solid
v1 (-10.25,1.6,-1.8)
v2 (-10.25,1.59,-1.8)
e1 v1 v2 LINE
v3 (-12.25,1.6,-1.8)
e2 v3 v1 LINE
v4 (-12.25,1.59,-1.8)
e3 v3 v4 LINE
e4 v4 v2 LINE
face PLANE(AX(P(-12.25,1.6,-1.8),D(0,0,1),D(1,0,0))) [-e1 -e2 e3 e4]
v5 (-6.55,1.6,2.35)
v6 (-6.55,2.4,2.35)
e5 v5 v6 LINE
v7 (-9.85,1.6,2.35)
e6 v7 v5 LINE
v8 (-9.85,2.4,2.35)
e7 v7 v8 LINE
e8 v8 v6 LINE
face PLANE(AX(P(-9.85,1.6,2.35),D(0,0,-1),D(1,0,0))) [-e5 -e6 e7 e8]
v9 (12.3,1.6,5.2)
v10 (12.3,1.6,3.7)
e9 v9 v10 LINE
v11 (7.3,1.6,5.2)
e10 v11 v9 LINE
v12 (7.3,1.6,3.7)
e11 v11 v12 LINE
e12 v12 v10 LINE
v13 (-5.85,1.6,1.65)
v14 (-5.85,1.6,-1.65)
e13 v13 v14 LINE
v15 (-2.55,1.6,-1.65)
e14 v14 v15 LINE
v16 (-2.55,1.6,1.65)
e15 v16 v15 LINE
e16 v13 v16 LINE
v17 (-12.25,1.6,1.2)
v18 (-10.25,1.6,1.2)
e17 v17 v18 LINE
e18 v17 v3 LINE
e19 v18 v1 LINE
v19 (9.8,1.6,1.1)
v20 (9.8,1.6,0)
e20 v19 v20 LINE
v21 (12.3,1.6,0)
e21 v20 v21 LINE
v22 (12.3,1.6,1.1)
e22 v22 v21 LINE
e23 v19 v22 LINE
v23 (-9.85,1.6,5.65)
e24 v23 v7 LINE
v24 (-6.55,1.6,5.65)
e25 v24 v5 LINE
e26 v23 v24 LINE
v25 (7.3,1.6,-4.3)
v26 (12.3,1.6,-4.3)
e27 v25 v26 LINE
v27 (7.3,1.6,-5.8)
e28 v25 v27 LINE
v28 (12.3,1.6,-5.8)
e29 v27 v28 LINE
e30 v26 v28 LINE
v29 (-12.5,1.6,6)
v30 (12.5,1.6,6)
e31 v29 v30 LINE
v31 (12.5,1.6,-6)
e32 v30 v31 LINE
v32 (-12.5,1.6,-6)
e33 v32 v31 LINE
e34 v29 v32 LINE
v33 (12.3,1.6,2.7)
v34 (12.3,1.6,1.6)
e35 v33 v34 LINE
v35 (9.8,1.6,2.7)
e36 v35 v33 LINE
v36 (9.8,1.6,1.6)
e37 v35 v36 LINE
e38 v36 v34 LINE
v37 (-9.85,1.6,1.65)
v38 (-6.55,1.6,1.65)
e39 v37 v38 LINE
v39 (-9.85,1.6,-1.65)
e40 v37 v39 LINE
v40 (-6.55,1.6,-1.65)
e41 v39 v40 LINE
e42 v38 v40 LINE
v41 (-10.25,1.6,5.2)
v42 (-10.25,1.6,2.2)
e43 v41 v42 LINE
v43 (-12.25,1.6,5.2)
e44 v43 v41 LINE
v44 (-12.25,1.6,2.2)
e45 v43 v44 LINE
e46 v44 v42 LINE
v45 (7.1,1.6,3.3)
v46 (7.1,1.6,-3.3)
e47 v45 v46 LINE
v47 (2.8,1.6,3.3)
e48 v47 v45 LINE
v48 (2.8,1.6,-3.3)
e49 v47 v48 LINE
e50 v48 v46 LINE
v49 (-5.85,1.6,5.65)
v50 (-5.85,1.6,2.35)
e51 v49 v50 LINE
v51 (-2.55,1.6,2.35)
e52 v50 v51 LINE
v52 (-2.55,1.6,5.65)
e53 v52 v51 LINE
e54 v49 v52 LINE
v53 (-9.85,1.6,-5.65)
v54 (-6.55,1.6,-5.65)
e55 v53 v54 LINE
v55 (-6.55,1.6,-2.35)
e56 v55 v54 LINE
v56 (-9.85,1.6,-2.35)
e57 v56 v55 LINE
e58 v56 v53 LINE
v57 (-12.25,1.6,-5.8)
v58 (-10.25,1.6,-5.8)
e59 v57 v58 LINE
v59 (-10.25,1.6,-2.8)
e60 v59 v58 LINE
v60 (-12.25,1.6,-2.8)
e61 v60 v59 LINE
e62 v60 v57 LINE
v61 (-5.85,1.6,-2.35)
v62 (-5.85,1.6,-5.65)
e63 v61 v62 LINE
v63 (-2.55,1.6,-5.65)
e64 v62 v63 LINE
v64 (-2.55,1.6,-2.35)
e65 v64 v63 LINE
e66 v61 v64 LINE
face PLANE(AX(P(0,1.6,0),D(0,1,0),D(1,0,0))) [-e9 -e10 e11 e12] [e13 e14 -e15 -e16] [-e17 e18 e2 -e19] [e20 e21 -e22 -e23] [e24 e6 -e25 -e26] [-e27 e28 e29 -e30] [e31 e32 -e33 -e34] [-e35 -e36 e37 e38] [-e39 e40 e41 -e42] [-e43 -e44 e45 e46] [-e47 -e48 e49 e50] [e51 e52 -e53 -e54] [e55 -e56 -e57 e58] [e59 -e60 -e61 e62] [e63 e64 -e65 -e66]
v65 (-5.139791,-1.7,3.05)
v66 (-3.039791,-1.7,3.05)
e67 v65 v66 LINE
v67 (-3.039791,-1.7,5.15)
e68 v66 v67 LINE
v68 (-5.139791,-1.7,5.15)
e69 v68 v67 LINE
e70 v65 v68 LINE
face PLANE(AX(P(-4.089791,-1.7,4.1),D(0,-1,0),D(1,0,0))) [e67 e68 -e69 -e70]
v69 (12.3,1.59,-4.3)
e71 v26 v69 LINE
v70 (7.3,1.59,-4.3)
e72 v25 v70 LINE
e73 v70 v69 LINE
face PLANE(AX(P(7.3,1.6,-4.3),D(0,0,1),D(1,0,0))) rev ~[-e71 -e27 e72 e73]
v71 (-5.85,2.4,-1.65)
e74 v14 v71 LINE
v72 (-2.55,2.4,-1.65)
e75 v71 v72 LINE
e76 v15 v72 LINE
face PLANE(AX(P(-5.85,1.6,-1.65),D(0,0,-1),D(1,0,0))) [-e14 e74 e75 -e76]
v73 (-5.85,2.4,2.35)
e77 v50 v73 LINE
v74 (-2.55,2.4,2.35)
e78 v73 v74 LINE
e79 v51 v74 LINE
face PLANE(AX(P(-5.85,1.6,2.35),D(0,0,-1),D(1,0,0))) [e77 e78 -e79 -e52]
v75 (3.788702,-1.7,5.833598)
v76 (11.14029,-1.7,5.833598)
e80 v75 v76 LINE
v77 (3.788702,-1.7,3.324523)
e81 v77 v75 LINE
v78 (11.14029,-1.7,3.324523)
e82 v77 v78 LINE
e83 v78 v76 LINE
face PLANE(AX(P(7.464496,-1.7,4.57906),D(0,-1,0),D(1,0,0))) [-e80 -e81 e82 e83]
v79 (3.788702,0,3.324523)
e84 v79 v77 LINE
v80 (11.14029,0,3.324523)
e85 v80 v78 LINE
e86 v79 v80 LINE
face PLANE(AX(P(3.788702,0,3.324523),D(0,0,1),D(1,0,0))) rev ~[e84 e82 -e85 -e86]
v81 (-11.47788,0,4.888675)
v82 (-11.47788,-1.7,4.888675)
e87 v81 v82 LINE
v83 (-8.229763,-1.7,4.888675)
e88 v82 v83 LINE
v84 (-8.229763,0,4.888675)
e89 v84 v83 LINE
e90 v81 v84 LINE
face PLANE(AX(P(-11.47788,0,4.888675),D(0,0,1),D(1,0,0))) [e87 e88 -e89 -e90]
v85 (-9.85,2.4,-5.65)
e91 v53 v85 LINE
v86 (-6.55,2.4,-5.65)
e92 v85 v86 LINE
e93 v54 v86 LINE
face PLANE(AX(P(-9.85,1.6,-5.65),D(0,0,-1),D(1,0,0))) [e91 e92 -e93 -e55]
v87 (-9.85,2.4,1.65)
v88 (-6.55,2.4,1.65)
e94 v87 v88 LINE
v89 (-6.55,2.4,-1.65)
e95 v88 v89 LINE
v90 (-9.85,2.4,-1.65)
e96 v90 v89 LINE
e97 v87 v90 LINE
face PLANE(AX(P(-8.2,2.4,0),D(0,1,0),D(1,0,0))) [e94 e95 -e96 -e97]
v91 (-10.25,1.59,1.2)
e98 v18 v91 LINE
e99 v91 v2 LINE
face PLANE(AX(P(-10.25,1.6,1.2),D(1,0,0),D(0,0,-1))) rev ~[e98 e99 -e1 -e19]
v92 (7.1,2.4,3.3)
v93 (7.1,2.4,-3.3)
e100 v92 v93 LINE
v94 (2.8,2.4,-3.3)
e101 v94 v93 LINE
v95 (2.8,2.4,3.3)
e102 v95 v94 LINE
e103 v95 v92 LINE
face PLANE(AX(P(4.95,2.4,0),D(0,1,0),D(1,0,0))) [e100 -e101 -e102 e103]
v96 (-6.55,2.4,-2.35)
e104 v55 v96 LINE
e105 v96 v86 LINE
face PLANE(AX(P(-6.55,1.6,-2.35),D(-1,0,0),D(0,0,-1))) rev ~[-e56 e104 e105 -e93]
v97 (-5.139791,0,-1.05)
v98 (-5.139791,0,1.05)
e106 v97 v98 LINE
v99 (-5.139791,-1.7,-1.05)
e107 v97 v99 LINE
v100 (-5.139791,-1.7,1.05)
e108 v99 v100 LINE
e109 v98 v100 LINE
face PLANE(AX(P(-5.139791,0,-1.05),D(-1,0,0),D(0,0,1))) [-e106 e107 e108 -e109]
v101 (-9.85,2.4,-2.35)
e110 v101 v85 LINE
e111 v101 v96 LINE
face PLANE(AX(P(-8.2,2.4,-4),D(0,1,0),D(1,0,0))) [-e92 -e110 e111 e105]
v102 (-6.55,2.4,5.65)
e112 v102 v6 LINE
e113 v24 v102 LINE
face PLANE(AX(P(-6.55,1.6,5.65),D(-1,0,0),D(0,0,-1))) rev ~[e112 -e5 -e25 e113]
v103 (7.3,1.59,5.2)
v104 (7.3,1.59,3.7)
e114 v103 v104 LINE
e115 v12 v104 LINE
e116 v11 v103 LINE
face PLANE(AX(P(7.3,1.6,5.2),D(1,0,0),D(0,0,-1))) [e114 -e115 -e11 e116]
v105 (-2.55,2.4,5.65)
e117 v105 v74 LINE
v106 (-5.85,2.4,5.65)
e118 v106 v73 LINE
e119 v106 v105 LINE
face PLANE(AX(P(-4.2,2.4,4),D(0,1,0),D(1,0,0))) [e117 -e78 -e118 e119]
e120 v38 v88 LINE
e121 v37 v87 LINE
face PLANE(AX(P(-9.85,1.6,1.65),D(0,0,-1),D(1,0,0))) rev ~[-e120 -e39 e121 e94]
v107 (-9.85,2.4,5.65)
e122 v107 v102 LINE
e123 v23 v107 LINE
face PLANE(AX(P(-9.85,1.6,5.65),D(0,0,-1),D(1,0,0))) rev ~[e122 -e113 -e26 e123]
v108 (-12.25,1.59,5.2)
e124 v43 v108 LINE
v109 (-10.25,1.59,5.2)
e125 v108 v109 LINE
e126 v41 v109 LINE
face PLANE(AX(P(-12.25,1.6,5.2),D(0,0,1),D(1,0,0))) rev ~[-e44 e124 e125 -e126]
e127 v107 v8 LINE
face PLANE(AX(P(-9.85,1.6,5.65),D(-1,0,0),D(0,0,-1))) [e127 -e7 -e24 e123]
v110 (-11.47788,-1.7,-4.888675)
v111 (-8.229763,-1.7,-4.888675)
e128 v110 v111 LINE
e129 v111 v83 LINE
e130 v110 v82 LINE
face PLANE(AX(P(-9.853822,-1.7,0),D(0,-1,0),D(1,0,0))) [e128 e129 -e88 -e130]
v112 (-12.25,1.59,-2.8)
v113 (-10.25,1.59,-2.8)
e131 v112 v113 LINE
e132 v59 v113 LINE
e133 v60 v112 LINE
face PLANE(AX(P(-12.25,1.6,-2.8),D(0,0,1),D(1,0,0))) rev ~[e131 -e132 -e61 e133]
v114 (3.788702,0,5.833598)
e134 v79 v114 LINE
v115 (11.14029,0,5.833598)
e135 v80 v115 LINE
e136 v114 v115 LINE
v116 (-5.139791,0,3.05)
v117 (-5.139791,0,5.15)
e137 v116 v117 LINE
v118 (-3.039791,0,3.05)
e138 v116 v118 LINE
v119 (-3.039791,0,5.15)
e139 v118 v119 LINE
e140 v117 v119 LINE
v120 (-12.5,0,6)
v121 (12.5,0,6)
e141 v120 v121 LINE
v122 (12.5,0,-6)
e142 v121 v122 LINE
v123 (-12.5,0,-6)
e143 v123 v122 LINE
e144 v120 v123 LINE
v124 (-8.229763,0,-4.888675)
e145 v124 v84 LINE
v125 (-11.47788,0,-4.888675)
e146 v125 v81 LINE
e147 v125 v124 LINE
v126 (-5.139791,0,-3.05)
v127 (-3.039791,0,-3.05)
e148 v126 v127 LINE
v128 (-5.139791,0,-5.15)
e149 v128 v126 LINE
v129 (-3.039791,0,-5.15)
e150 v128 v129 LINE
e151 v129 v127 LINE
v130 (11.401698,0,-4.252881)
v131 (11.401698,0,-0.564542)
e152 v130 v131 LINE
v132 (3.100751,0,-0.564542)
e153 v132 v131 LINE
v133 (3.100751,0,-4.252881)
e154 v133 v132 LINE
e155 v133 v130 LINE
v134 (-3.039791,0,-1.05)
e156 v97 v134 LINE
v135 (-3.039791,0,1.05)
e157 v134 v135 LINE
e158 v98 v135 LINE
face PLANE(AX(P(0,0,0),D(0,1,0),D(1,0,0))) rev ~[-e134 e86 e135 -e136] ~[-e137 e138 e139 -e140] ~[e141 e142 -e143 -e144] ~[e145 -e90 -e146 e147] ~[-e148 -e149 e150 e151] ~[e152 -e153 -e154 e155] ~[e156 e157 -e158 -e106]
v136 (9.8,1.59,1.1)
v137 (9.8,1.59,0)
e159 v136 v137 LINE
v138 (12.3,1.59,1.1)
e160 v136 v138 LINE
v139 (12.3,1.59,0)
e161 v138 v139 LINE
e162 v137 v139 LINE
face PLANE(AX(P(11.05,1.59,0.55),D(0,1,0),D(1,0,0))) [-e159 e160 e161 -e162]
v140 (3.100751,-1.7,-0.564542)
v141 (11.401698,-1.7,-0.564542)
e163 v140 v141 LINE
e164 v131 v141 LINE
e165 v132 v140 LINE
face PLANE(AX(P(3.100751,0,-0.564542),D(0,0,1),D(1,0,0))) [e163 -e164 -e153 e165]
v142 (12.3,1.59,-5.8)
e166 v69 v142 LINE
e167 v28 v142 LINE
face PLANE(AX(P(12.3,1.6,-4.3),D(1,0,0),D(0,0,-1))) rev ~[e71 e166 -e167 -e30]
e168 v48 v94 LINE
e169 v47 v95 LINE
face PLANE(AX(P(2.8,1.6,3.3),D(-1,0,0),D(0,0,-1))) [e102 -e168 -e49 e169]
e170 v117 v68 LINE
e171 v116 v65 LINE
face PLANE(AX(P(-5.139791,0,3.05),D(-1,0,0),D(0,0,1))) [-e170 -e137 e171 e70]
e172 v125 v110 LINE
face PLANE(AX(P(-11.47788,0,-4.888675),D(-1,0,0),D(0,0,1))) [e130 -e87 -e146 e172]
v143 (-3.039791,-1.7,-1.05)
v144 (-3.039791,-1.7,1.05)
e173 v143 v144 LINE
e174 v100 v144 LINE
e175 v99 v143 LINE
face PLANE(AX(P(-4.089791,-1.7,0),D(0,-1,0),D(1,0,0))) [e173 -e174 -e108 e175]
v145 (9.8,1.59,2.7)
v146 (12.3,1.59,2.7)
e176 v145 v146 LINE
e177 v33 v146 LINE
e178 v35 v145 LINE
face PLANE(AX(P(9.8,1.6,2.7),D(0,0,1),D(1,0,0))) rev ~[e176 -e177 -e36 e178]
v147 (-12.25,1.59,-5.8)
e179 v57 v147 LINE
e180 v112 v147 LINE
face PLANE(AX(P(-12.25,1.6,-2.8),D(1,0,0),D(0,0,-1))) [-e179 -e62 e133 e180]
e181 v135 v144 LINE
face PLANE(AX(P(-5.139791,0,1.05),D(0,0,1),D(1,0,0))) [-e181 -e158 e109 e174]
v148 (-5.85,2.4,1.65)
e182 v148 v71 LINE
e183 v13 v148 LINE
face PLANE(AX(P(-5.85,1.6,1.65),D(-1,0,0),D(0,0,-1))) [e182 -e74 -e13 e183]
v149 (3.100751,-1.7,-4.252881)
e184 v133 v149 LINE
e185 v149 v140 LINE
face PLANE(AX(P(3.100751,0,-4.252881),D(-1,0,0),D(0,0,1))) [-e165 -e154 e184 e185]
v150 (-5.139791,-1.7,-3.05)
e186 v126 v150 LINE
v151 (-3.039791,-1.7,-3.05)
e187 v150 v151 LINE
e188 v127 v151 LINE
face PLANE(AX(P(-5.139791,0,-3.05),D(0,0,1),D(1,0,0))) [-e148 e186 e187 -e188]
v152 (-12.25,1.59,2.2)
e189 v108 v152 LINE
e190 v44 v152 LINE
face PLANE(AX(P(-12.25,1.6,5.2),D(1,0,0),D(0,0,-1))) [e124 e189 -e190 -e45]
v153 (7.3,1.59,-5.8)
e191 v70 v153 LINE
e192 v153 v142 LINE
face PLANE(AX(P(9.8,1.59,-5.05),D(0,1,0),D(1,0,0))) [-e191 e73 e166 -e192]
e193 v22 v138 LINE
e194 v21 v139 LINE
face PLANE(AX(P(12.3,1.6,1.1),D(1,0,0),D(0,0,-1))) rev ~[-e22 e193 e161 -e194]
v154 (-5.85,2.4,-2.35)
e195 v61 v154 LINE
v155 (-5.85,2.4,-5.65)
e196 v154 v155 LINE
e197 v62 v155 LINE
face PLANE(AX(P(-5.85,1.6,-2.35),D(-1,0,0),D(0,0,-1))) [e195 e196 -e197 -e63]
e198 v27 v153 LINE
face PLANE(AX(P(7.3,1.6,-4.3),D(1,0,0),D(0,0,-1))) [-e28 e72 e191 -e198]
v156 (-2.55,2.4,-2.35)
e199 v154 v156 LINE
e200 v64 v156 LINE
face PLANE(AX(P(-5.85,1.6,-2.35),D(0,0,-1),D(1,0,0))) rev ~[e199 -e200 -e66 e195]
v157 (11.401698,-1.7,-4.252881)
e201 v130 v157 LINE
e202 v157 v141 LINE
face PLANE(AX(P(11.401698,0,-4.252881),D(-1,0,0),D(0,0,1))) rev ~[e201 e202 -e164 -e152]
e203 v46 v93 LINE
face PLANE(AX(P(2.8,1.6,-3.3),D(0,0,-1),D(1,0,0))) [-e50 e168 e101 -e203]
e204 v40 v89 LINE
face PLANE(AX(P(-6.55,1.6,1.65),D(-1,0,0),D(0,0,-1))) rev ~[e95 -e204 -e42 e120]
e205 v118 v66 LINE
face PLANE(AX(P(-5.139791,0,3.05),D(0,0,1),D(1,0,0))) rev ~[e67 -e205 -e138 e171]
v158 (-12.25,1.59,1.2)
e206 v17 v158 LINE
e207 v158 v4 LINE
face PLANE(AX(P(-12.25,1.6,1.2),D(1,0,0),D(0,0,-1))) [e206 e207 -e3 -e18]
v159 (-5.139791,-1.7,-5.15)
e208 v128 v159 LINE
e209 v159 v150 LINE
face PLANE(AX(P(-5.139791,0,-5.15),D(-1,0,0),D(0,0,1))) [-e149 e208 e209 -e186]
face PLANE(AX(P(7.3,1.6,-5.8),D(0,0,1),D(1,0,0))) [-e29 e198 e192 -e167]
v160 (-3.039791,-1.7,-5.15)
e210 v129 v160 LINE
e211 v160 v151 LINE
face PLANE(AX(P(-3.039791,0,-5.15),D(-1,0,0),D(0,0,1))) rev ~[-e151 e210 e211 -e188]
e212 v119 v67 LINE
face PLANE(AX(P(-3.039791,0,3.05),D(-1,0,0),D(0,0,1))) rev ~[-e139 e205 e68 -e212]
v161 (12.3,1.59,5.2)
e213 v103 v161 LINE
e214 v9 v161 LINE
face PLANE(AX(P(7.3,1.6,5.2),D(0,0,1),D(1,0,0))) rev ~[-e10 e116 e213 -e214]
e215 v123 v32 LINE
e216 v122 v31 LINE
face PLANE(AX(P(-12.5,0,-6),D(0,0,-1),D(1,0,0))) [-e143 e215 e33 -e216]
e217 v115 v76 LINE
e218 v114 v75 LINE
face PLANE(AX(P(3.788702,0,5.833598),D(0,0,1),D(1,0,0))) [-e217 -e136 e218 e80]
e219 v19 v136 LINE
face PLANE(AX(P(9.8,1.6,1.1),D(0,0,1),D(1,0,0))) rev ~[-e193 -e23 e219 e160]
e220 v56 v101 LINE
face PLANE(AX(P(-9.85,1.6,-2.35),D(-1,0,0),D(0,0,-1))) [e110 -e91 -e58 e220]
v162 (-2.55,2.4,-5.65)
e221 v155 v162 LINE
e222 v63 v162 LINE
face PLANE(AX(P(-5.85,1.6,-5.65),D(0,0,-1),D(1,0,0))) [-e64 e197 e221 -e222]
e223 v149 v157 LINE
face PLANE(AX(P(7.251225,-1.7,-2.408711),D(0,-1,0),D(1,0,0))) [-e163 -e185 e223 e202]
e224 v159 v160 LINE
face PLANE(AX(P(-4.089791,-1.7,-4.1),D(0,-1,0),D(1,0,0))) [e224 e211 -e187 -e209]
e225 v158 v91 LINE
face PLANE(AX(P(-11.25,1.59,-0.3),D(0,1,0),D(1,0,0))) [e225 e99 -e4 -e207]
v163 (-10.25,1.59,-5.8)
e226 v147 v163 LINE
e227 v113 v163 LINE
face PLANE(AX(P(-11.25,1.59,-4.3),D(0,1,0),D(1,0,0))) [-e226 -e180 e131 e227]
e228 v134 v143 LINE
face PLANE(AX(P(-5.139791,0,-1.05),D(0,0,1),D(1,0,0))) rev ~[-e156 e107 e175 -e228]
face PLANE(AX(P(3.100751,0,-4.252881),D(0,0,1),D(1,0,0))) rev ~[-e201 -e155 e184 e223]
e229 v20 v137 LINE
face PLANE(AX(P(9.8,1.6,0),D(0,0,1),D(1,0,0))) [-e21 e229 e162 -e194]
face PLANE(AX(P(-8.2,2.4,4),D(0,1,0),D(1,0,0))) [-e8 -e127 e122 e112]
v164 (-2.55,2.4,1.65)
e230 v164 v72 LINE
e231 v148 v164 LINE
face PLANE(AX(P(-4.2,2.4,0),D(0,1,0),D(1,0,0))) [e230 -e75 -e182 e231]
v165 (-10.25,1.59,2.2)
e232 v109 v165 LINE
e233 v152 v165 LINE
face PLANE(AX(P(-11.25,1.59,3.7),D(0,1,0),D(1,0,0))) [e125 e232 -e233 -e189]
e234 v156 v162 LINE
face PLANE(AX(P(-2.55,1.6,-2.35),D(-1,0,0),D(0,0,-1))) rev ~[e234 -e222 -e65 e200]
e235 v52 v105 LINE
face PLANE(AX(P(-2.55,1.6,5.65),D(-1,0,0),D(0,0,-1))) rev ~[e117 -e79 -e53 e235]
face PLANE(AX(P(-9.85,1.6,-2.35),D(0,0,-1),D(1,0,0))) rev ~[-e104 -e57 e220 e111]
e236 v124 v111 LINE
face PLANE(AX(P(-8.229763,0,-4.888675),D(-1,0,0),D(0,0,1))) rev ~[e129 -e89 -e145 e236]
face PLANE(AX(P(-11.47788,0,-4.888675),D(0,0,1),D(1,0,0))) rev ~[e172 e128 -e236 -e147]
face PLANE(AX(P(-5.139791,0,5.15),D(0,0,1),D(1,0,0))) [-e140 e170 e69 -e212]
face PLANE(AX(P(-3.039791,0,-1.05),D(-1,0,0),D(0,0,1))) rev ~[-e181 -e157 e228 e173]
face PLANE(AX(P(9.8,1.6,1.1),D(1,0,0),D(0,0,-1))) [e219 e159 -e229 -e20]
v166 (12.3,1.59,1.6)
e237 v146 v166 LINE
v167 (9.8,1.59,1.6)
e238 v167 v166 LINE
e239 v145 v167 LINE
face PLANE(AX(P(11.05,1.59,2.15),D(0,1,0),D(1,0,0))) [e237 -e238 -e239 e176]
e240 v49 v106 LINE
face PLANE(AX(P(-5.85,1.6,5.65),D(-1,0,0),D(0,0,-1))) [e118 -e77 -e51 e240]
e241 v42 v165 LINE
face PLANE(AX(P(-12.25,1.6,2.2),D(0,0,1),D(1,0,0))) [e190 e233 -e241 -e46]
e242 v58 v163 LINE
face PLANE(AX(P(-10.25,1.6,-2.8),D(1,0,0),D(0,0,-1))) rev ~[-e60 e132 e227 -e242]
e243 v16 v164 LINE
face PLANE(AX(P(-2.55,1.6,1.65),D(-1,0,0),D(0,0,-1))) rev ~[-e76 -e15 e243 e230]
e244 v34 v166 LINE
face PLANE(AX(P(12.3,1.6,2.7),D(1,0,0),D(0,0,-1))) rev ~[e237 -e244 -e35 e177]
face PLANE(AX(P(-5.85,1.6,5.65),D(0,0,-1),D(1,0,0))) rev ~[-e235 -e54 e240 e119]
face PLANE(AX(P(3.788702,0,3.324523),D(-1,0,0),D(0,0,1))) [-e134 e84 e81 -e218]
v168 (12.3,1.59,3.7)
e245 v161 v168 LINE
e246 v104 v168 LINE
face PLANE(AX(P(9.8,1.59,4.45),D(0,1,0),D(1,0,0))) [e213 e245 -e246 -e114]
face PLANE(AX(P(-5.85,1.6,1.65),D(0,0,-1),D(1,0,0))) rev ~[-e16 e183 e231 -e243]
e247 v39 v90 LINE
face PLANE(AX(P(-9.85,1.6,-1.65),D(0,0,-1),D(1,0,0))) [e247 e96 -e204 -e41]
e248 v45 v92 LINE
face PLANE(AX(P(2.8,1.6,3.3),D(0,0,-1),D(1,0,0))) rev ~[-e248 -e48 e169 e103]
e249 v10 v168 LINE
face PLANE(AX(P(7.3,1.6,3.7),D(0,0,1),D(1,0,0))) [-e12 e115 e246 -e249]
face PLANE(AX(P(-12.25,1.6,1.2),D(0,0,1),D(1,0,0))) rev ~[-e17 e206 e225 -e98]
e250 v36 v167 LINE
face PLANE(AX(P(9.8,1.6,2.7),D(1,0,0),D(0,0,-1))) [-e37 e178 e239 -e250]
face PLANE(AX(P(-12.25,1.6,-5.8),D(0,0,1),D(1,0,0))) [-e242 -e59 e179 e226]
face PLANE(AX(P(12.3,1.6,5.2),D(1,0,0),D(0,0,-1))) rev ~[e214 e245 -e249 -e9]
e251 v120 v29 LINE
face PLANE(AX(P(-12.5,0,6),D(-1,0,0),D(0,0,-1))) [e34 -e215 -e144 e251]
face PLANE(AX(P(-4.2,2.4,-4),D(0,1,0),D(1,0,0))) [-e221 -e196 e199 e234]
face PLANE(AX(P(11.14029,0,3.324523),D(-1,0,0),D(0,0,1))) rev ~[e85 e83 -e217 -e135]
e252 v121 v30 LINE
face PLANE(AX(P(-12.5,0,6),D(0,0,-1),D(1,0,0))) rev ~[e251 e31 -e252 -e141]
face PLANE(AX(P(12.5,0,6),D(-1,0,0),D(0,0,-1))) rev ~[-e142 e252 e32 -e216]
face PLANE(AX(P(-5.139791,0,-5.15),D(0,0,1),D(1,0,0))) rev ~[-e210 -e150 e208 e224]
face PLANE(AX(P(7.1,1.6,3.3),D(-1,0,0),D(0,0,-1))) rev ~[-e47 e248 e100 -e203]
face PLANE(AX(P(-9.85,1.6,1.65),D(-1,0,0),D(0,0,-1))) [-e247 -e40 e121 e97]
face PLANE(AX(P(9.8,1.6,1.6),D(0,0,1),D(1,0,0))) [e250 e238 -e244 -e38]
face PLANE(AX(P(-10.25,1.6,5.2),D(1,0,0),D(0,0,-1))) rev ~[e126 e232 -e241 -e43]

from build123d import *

# Parameters (mm, degrees)
SKETCH1_W           = 25
SKETCH1_H           = 12
BOSS_EXTRUDE1_DEPTH = 1.6
SKETCH2_W           = 3.3
SKETCH2_H           = 3.3
SKETCH2_W_2         = 4.3
SKETCH2_H_2         = 6.6
BOSS_EXTRUDE2_DEPTH = 0.8
SKETCH3_W           = 2
SKETCH3_H           = 3
SKETCH3_W_2         = 5
SKETCH3_H_2         = 1.5
SKETCH3_W_3         = 2.5
SKETCH3_H_3         = 1.1
CUT_EXTRUDE1_DEPTH  = 0.01
SKETCH4_W           = 8.300946921
SKETCH4_H           = 3.688339109
SKETCH4_W_2         = 3.248116331
SKETCH4_H_2         = 9.777349986
SKETCH4_W_3         = 2.1
SKETCH4_H_3         = 2.1
SKETCH4_W_4         = 7.351587475
SKETCH4_H_4         = 2.509074224
BOSS_EXTRUDE3_DEPTH = 1.7


with BuildPart() as part:
    # Sketch1 → Boss-Extrude1 (new body)
    with BuildSketch(Plane(origin=(0, 0, 0), x_dir=(1, 0, 0), z_dir=(0, 1, 0))):
        Rectangle(SKETCH1_W, SKETCH1_H)
    extrude(amount=BOSS_EXTRUDE1_DEPTH)

    # Sketch2 → Boss-Extrude2 (add)
    with BuildSketch(Plane(origin=(0, 1.6, 0), x_dir=(1, 0, 0), z_dir=(0, 1, 0))):
        with Locations((-4.2, 4)):
            Rectangle(SKETCH2_W, SKETCH2_H)
        with Locations((-8.2, -4)):
            Rectangle(SKETCH2_W, SKETCH2_H)
        with Locations((-8.2, 4)):
            Rectangle(SKETCH2_W, SKETCH2_H)
        with Locations((-8.2, 0)):
            Rectangle(SKETCH2_W, SKETCH2_H)
        with Locations((-4.2, 0)):
            Rectangle(SKETCH2_W, SKETCH2_H)
        with Locations((-4.2, -4)):
            Rectangle(SKETCH2_W, SKETCH2_H)
        with Locations((4.95, 0)):
            Rectangle(SKETCH2_W_2, SKETCH2_H_2)
    extrude(amount=BOSS_EXTRUDE2_DEPTH)

    # Sketch3 → Cut-Extrude1 (cut)
    with BuildSketch(Plane(origin=(0, 1.6, 0), x_dir=(1, 0, 0), z_dir=(0, 1, 0))):
        with Locations((-11.25, 4.3)):
            Rectangle(SKETCH3_W, SKETCH3_H)
        with Locations((9.8, -4.45)):
            Rectangle(SKETCH3_W_2, SKETCH3_H_2)
        with Locations((-11.25, 0.3)):
            Rectangle(SKETCH3_W, SKETCH3_H)
        with Locations((-11.25, -3.7)):
            Rectangle(SKETCH3_W, SKETCH3_H)
        with Locations((9.8, 5.05)):
            Rectangle(SKETCH3_W_2, SKETCH3_H_2)
        with Locations((11.05, -2.15)):
            Rectangle(SKETCH3_W_3, SKETCH3_H_3)
        with Locations((11.05, -0.55)):
            Rectangle(SKETCH3_W_3, SKETCH3_H_3)
    extrude(amount=-CUT_EXTRUDE1_DEPTH, mode=Mode.SUBTRACT)

    # Sketch4 → Boss-Extrude3 (add)
    with BuildSketch(Plane.XZ):
        with Locations((7.251224506, -2.408711255)):
            Rectangle(SKETCH4_W, SKETCH4_H)
        with Locations((-9.853821619, 0)):
            Rectangle(SKETCH4_W_2, SKETCH4_H_2)
        with Locations((-4.089790985, 4.1)):
            Rectangle(SKETCH4_W_3, SKETCH4_H_3)
        with Locations((-4.089790985, 0)):
            Rectangle(SKETCH4_W_3, SKETCH4_H_3)
        with Locations((-4.089790985, -4.1)):
            Rectangle(SKETCH4_W_3, SKETCH4_H_3)
        with Locations((7.464495816, 4.579060458)):
            Rectangle(SKETCH4_W_4, SKETCH4_H_4)
    extrude(amount=BOSS_EXTRUDE3_DEPTH)


solid = part.part
